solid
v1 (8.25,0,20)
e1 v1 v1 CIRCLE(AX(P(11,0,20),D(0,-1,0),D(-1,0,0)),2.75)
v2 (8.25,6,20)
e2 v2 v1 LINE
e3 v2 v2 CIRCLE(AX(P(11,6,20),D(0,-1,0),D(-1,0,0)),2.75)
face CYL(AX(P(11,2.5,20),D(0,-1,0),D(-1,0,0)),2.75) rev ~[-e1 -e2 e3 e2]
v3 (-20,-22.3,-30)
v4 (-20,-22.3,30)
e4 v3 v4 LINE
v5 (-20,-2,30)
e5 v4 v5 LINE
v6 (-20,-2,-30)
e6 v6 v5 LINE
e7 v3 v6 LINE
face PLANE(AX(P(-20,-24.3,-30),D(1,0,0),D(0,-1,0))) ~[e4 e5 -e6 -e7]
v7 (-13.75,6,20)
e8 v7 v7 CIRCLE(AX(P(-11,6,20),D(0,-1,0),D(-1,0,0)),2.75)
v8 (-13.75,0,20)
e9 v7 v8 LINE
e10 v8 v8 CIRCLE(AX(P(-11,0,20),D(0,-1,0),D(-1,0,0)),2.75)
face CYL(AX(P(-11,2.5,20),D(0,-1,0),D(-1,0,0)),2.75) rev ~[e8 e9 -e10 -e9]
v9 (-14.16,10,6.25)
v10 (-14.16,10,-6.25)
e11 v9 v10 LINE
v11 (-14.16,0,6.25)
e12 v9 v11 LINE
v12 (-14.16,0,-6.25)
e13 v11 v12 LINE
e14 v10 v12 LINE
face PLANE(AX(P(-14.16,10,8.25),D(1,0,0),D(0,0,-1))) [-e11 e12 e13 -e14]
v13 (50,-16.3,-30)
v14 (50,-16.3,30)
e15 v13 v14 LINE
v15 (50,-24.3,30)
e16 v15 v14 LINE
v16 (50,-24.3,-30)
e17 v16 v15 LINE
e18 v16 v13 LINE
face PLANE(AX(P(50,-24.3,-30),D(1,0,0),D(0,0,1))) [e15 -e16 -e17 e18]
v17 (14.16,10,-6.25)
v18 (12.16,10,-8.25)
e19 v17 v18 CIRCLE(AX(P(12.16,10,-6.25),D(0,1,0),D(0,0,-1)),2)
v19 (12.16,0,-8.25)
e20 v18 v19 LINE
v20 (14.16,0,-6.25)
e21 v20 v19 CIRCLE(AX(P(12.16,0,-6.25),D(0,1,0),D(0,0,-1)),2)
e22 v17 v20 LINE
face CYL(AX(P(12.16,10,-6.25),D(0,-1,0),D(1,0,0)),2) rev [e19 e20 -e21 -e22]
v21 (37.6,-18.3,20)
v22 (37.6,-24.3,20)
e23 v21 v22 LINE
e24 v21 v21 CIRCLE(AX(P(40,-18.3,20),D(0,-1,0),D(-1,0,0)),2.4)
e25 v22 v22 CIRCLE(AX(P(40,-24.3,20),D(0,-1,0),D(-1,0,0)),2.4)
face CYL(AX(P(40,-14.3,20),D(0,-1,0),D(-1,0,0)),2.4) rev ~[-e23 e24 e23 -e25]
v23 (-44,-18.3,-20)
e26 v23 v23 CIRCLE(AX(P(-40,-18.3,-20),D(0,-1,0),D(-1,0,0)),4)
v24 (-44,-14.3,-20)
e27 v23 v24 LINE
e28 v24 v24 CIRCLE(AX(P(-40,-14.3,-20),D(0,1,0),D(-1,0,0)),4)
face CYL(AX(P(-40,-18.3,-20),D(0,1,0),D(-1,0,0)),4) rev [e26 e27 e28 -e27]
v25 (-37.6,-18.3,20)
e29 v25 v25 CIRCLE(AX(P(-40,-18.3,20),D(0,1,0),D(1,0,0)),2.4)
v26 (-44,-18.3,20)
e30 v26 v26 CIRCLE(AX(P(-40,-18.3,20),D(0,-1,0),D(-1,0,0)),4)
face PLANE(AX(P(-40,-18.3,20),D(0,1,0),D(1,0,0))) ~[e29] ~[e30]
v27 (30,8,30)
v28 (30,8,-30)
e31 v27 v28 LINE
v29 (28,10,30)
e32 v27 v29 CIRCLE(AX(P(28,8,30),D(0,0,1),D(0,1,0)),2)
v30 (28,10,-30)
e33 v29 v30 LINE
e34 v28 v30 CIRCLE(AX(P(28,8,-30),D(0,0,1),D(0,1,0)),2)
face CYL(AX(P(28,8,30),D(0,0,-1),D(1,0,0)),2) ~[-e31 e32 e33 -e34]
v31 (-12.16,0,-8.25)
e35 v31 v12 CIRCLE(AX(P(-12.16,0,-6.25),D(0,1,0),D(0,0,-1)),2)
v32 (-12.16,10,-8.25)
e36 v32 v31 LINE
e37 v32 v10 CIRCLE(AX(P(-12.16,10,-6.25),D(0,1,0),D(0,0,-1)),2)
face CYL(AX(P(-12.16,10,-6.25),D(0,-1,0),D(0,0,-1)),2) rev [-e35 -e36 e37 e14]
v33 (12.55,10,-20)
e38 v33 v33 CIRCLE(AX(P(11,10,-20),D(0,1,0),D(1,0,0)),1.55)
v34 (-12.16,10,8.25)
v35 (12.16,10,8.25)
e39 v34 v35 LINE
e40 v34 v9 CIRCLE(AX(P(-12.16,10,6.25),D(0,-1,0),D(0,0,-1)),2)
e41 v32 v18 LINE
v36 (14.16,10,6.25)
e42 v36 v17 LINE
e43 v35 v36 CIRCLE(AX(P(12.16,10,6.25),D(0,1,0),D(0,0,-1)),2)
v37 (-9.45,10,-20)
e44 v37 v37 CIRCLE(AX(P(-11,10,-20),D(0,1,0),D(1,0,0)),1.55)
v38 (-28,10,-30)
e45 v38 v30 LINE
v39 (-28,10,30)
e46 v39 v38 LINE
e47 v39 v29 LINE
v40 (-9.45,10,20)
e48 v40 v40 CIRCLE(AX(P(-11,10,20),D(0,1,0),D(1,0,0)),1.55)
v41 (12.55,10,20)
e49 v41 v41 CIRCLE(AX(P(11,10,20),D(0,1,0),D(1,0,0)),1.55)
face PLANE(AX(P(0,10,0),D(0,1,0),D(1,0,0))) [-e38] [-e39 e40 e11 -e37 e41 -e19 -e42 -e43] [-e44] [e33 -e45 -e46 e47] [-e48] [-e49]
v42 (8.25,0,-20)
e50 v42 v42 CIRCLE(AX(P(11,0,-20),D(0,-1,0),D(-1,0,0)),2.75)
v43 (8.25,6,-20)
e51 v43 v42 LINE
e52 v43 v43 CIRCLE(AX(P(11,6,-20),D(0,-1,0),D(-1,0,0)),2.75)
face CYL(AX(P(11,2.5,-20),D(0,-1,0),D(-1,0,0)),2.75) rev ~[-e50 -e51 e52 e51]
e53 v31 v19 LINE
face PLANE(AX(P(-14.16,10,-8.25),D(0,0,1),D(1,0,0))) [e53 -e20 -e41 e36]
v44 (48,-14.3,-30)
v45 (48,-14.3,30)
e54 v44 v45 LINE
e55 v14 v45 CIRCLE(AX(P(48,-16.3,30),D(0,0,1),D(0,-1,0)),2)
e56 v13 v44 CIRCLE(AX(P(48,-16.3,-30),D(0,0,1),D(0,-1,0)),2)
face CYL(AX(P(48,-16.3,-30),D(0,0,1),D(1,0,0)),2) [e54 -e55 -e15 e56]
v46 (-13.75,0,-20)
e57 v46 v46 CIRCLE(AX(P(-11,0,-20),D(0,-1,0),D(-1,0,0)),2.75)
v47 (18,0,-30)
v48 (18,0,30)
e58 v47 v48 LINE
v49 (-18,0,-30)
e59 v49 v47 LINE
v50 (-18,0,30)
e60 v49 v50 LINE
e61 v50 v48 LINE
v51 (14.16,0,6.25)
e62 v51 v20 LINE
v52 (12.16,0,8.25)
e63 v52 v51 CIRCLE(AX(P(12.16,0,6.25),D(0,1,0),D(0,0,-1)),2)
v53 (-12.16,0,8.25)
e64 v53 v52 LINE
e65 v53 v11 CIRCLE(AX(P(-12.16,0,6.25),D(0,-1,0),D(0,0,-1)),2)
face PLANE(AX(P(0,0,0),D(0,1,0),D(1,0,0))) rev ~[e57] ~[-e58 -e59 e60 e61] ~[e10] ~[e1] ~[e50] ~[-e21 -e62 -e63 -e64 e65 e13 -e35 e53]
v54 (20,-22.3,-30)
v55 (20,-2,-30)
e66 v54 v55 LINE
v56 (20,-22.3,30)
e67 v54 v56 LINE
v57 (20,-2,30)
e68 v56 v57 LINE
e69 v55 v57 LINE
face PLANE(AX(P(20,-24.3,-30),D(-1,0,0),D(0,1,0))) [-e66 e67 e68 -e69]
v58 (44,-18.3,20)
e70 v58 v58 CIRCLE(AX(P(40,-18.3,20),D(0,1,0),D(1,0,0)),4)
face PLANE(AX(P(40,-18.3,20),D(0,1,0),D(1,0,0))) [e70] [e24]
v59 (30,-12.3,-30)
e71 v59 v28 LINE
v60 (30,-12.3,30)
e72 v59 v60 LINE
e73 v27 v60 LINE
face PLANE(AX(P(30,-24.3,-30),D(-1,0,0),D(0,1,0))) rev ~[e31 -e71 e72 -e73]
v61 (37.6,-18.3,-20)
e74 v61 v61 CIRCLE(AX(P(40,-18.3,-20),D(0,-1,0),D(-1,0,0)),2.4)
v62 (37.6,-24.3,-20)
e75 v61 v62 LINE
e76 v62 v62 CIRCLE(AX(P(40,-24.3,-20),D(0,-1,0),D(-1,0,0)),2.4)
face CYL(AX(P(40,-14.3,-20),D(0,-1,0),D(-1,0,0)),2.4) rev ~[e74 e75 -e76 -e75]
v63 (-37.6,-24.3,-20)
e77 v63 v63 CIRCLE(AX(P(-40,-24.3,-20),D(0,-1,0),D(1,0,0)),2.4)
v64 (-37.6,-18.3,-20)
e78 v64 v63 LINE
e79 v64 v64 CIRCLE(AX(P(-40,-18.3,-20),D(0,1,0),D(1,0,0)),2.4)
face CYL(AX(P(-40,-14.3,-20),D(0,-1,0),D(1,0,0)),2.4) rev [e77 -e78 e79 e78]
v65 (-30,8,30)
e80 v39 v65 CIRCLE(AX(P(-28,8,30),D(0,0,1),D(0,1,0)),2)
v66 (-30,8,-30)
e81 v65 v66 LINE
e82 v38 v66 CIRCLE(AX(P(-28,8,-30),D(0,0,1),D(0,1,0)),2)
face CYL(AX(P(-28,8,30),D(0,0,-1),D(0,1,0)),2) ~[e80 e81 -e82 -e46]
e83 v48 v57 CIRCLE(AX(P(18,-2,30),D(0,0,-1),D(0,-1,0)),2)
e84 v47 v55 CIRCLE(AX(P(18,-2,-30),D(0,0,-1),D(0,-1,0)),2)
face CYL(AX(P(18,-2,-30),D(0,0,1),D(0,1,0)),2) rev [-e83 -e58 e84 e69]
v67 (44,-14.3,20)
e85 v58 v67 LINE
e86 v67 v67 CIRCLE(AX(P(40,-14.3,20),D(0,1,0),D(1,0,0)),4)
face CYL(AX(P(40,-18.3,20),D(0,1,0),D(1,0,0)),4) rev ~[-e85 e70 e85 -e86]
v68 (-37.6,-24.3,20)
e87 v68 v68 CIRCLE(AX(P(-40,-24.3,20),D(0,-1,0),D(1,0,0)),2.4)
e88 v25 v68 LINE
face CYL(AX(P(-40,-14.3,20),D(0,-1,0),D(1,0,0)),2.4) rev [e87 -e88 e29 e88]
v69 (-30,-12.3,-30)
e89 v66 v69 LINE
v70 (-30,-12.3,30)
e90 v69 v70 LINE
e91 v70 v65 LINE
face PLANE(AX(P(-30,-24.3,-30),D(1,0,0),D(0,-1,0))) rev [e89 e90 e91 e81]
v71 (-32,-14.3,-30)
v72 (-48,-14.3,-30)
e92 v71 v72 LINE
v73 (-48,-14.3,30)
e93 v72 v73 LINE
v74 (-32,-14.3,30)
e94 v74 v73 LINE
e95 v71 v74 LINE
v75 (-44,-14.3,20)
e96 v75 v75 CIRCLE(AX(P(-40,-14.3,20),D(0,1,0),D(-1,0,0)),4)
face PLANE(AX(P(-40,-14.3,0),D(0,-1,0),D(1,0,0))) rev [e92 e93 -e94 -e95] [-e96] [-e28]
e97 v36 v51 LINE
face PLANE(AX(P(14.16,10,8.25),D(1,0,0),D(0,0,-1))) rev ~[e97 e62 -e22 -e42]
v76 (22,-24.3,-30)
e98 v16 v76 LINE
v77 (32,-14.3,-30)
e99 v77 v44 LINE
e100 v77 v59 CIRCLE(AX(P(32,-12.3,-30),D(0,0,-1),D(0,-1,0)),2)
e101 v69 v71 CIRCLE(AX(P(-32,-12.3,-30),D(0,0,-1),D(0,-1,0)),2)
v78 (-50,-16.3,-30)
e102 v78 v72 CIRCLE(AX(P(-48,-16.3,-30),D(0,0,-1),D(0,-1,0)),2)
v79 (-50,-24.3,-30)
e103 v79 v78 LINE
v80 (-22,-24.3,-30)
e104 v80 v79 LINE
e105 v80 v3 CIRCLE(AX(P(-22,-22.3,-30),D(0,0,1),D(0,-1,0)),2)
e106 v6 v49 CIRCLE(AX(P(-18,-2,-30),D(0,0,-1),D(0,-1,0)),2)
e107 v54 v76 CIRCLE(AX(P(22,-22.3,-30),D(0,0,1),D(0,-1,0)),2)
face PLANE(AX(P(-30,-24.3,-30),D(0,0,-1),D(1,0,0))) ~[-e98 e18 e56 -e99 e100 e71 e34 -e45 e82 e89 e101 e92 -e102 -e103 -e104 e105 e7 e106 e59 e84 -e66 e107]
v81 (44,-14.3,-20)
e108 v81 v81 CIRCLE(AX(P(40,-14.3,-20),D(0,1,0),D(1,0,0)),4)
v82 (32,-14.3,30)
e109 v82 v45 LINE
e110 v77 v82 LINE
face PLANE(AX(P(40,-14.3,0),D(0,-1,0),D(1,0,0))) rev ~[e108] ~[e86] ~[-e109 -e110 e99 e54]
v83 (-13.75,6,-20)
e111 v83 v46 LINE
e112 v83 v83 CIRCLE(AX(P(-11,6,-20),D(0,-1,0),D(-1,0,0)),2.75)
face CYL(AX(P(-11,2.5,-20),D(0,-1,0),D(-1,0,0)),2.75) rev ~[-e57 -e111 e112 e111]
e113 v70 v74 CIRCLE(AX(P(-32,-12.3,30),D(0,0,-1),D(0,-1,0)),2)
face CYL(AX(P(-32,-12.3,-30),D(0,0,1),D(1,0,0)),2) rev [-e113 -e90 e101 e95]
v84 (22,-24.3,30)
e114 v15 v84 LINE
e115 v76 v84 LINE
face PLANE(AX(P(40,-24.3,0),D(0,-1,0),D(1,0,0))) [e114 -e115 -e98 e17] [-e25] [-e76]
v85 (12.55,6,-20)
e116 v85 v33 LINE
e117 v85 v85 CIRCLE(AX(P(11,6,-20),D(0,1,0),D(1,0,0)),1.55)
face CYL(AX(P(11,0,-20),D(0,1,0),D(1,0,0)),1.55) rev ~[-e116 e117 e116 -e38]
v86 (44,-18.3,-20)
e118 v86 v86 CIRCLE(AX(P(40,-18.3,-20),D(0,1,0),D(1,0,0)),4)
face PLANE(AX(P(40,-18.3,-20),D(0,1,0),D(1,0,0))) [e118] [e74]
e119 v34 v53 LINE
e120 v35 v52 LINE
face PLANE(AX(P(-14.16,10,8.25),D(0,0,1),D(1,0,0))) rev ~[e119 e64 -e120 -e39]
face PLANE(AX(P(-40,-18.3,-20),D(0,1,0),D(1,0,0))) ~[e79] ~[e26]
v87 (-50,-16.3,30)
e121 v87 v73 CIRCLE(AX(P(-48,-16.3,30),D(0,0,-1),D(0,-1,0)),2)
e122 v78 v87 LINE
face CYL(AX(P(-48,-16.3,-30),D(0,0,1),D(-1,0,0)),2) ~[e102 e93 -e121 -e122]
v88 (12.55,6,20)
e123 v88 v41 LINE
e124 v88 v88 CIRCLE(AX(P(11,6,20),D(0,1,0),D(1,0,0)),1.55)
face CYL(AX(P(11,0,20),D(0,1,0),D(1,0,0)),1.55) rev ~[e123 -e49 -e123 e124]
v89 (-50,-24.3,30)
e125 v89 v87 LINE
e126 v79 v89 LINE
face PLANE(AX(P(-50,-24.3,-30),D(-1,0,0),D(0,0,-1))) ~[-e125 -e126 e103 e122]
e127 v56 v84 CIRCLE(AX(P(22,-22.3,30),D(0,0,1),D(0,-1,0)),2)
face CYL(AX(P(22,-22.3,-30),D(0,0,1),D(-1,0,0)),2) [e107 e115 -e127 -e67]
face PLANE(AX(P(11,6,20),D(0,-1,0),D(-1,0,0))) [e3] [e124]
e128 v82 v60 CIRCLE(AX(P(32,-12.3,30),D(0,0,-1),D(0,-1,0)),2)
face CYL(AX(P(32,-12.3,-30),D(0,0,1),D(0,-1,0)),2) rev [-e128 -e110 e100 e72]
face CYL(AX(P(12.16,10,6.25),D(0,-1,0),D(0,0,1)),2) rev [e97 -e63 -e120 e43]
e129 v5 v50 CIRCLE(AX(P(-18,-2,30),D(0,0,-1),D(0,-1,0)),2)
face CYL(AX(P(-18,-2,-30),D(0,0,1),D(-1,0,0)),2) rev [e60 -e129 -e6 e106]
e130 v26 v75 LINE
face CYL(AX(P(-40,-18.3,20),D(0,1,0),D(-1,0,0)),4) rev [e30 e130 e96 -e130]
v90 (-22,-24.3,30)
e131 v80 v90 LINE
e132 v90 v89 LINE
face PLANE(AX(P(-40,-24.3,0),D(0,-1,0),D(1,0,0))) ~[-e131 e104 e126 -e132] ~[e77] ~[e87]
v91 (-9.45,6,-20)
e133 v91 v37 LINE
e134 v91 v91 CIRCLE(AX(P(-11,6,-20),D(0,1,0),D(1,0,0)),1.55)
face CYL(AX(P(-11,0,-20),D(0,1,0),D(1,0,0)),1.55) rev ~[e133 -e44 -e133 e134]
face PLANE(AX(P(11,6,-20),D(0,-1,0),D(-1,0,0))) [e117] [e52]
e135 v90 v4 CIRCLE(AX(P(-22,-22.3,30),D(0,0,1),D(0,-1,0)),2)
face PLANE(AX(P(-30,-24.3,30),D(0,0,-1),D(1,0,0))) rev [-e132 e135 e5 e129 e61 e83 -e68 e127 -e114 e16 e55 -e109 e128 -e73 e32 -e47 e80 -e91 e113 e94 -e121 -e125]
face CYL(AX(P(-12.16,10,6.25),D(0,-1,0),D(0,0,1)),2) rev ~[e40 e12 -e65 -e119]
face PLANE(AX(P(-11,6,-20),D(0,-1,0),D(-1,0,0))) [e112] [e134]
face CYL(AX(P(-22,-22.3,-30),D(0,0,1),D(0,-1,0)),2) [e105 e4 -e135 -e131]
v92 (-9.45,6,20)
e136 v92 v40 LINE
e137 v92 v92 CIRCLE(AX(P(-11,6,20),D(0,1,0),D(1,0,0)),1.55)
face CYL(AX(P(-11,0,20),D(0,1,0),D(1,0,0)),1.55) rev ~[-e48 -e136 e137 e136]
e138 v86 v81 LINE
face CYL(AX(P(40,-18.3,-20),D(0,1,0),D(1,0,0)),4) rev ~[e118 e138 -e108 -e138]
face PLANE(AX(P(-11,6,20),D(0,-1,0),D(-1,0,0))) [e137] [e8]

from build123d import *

# Parameters (mm, degrees)
SKETCH2_W                        = 60
SKETCH2_H                        = 60
BOSS_EXTRUDE1_DEPTH              = 10
SKETCH7_W                        = 28.32
SKETCH7_H                        = 16.5
CUT_EXTRUDE2_DEPTH               = 44.588989435
FILLET2_R                        = 2
CBORE_FOR_M2_5_SHCS2_D           = 3.1
CBORE_FOR_M2_5_SHCS2_CBORE_D     = 5.5
CBORE_FOR_M2_5_SHCS2_CBORE_DEPTH = 2.5
MOVE_FACE1_BY                    = 3.5
MOVE_FACE1_2_BY                  = 3.5
MOVE_FACE1_3_BY                  = 3.5
MOVE_FACE1_4_BY                  = 3.5
SKETCH11_W                       = 10
SKETCH11_H                       = 24.3
BOSS_EXTRUDE2_DEPTH              = 60
SKETCH12_W                       = 20
SKETCH12_H                       = 60
BOSS_EXTRUDE3_DEPTH              = 10
CBORE_FOR_M4_SHCS1_D             = 4.8
CBORE_FOR_M4_SHCS1_CBORE_D       = 8
CBORE_FOR_M4_SHCS1_CBORE_DEPTH   = 4
FILLET5_R                        = 2


with BuildPart() as part:
    # Sketch2 → Boss-Extrude1 (new body)
    with BuildSketch(Plane(origin=(0, 0, 0), x_dir=(1, 0, 0), z_dir=(0, 1, 0))):
        Rectangle(SKETCH2_W, SKETCH2_H)
    extrude(amount=BOSS_EXTRUDE1_DEPTH)

    # Sketch7 → Cut-Extrude2 (cut, through all)
    with BuildSketch(Plane(origin=(0, 10, 0), x_dir=(1, 0, 0), z_dir=(0, 1, 0))):
        Rectangle(SKETCH7_W, SKETCH7_H)
    extrude(amount=-CUT_EXTRUDE2_DEPTH, mode=Mode.SUBTRACT)

    # Fillet2
    fillet2_edges = [part.edges().sort_by_distance(p)[0] for p in [
        (-14.16, 5, 8.25),
        (-14.16, 5, -8.25),
        (14.16, 5, -8.25),
        (14.16, 5, 8.25),
    ]]
    fillet(fillet2_edges, radius=FILLET2_R)

    # CBORE for M2.5 SHCS2 (through all)
    with Locations(Plane(origin=(0, 0, 0), x_dir=(-1, 0, 0), z_dir=(0, -1, 0))):
        with Locations((11, -20), (-11, -20), (11, 20), (-11, 20)):
            CounterBoreHole(CBORE_FOR_M2_5_SHCS2_D / 2, CBORE_FOR_M2_5_SHCS2_CBORE_D / 2, CBORE_FOR_M2_5_SHCS2_CBORE_DEPTH)

    # Move Face1: a face moved inward by 3.5
    extrude(part.faces().sort_by_distance((11, 2.5, 22.2))[0], amount=MOVE_FACE1_BY, dir=(0, 1, 0), mode=Mode.SUBTRACT)

    # Move Face1 2: a face moved inward by 3.5
    extrude(part.faces().sort_by_distance((-11, 2.5, 22.2))[0], amount=MOVE_FACE1_2_BY, dir=(0, 1, 0), mode=Mode.SUBTRACT)

    # Move Face1 3: a face moved inward by 3.5
    extrude(part.faces().sort_by_distance((11, 2.5, -17.8))[0], amount=MOVE_FACE1_3_BY, dir=(0, 1, 0), mode=Mode.SUBTRACT)

    # Move Face1 4: a face moved inward by 3.5
    extrude(part.faces().sort_by_distance((-11, 2.5, -17.8))[0], amount=MOVE_FACE1_4_BY, dir=(0, 1, 0), mode=Mode.SUBTRACT)

    # Sketch11 → Boss-Extrude2 (add)
    with BuildSketch(Plane(origin=(0, 0, -30), x_dir=(-1, 0, 0), z_dir=(0, 0, -1))):
        with Locations((-25, -12.15)):
            Rectangle(SKETCH11_W, SKETCH11_H)
    boss_extrude2 = extrude(amount=-BOSS_EXTRUDE2_DEPTH)

    # Sketch12 → Boss-Extrude3 (add)
    with BuildSketch(Plane.XZ.offset(24.3)):
        with Locations((40, 0)):
            Rectangle(SKETCH12_W, SKETCH12_H)
    boss_extrude3 = extrude(amount=-BOSS_EXTRUDE3_DEPTH)

    # CBORE for M4 SHCS1 (through all)
    with Locations(Plane(origin=(0, -14.3, 0), x_dir=(1, 0, 0), z_dir=(0, 1, 0))):
        with Locations((40, 20), (40, -20)):
            cbore_for_m4_shcs1 = CounterBoreHole(CBORE_FOR_M4_SHCS1_D / 2, CBORE_FOR_M4_SHCS1_CBORE_D / 2, CBORE_FOR_M4_SHCS1_CBORE_DEPTH)

    # Mirror1: Boss-Extrude2, Boss-Extrude3, CBORE for M4 SHCS1 across plane
    add(boss_extrude2.mirror(Plane(origin=(0, 0, 0), x_dir=(0, 0, 1), z_dir=(1, 0, 0))))
    add(boss_extrude3.mirror(Plane(origin=(0, 0, 0), x_dir=(0, 0, 1), z_dir=(1, 0, 0))))
    add(cbore_for_m4_shcs1.mirror(Plane(origin=(0, 0, 0), x_dir=(0, 0, 1), z_dir=(1, 0, 0))), mode=Mode.SUBTRACT)

    # Fillet5
    fillet5_edges = [part.edges().sort_by_distance(p)[0] for p in [
        (50, -14.3, 0),
        (30, -14.3, 0),
        (30, 10, 0),
        (-20, 0, 0),
        (-20, -24.3, 0),
        (-30, -14.3, 0),
        (-50, -14.3, 0),
        (-30, 10, 0),
        (20, 0, 0),
        (20, -24.3, 0),
    ]]
    fillet(fillet5_edges, radius=FILLET5_R)


solid = part.part
